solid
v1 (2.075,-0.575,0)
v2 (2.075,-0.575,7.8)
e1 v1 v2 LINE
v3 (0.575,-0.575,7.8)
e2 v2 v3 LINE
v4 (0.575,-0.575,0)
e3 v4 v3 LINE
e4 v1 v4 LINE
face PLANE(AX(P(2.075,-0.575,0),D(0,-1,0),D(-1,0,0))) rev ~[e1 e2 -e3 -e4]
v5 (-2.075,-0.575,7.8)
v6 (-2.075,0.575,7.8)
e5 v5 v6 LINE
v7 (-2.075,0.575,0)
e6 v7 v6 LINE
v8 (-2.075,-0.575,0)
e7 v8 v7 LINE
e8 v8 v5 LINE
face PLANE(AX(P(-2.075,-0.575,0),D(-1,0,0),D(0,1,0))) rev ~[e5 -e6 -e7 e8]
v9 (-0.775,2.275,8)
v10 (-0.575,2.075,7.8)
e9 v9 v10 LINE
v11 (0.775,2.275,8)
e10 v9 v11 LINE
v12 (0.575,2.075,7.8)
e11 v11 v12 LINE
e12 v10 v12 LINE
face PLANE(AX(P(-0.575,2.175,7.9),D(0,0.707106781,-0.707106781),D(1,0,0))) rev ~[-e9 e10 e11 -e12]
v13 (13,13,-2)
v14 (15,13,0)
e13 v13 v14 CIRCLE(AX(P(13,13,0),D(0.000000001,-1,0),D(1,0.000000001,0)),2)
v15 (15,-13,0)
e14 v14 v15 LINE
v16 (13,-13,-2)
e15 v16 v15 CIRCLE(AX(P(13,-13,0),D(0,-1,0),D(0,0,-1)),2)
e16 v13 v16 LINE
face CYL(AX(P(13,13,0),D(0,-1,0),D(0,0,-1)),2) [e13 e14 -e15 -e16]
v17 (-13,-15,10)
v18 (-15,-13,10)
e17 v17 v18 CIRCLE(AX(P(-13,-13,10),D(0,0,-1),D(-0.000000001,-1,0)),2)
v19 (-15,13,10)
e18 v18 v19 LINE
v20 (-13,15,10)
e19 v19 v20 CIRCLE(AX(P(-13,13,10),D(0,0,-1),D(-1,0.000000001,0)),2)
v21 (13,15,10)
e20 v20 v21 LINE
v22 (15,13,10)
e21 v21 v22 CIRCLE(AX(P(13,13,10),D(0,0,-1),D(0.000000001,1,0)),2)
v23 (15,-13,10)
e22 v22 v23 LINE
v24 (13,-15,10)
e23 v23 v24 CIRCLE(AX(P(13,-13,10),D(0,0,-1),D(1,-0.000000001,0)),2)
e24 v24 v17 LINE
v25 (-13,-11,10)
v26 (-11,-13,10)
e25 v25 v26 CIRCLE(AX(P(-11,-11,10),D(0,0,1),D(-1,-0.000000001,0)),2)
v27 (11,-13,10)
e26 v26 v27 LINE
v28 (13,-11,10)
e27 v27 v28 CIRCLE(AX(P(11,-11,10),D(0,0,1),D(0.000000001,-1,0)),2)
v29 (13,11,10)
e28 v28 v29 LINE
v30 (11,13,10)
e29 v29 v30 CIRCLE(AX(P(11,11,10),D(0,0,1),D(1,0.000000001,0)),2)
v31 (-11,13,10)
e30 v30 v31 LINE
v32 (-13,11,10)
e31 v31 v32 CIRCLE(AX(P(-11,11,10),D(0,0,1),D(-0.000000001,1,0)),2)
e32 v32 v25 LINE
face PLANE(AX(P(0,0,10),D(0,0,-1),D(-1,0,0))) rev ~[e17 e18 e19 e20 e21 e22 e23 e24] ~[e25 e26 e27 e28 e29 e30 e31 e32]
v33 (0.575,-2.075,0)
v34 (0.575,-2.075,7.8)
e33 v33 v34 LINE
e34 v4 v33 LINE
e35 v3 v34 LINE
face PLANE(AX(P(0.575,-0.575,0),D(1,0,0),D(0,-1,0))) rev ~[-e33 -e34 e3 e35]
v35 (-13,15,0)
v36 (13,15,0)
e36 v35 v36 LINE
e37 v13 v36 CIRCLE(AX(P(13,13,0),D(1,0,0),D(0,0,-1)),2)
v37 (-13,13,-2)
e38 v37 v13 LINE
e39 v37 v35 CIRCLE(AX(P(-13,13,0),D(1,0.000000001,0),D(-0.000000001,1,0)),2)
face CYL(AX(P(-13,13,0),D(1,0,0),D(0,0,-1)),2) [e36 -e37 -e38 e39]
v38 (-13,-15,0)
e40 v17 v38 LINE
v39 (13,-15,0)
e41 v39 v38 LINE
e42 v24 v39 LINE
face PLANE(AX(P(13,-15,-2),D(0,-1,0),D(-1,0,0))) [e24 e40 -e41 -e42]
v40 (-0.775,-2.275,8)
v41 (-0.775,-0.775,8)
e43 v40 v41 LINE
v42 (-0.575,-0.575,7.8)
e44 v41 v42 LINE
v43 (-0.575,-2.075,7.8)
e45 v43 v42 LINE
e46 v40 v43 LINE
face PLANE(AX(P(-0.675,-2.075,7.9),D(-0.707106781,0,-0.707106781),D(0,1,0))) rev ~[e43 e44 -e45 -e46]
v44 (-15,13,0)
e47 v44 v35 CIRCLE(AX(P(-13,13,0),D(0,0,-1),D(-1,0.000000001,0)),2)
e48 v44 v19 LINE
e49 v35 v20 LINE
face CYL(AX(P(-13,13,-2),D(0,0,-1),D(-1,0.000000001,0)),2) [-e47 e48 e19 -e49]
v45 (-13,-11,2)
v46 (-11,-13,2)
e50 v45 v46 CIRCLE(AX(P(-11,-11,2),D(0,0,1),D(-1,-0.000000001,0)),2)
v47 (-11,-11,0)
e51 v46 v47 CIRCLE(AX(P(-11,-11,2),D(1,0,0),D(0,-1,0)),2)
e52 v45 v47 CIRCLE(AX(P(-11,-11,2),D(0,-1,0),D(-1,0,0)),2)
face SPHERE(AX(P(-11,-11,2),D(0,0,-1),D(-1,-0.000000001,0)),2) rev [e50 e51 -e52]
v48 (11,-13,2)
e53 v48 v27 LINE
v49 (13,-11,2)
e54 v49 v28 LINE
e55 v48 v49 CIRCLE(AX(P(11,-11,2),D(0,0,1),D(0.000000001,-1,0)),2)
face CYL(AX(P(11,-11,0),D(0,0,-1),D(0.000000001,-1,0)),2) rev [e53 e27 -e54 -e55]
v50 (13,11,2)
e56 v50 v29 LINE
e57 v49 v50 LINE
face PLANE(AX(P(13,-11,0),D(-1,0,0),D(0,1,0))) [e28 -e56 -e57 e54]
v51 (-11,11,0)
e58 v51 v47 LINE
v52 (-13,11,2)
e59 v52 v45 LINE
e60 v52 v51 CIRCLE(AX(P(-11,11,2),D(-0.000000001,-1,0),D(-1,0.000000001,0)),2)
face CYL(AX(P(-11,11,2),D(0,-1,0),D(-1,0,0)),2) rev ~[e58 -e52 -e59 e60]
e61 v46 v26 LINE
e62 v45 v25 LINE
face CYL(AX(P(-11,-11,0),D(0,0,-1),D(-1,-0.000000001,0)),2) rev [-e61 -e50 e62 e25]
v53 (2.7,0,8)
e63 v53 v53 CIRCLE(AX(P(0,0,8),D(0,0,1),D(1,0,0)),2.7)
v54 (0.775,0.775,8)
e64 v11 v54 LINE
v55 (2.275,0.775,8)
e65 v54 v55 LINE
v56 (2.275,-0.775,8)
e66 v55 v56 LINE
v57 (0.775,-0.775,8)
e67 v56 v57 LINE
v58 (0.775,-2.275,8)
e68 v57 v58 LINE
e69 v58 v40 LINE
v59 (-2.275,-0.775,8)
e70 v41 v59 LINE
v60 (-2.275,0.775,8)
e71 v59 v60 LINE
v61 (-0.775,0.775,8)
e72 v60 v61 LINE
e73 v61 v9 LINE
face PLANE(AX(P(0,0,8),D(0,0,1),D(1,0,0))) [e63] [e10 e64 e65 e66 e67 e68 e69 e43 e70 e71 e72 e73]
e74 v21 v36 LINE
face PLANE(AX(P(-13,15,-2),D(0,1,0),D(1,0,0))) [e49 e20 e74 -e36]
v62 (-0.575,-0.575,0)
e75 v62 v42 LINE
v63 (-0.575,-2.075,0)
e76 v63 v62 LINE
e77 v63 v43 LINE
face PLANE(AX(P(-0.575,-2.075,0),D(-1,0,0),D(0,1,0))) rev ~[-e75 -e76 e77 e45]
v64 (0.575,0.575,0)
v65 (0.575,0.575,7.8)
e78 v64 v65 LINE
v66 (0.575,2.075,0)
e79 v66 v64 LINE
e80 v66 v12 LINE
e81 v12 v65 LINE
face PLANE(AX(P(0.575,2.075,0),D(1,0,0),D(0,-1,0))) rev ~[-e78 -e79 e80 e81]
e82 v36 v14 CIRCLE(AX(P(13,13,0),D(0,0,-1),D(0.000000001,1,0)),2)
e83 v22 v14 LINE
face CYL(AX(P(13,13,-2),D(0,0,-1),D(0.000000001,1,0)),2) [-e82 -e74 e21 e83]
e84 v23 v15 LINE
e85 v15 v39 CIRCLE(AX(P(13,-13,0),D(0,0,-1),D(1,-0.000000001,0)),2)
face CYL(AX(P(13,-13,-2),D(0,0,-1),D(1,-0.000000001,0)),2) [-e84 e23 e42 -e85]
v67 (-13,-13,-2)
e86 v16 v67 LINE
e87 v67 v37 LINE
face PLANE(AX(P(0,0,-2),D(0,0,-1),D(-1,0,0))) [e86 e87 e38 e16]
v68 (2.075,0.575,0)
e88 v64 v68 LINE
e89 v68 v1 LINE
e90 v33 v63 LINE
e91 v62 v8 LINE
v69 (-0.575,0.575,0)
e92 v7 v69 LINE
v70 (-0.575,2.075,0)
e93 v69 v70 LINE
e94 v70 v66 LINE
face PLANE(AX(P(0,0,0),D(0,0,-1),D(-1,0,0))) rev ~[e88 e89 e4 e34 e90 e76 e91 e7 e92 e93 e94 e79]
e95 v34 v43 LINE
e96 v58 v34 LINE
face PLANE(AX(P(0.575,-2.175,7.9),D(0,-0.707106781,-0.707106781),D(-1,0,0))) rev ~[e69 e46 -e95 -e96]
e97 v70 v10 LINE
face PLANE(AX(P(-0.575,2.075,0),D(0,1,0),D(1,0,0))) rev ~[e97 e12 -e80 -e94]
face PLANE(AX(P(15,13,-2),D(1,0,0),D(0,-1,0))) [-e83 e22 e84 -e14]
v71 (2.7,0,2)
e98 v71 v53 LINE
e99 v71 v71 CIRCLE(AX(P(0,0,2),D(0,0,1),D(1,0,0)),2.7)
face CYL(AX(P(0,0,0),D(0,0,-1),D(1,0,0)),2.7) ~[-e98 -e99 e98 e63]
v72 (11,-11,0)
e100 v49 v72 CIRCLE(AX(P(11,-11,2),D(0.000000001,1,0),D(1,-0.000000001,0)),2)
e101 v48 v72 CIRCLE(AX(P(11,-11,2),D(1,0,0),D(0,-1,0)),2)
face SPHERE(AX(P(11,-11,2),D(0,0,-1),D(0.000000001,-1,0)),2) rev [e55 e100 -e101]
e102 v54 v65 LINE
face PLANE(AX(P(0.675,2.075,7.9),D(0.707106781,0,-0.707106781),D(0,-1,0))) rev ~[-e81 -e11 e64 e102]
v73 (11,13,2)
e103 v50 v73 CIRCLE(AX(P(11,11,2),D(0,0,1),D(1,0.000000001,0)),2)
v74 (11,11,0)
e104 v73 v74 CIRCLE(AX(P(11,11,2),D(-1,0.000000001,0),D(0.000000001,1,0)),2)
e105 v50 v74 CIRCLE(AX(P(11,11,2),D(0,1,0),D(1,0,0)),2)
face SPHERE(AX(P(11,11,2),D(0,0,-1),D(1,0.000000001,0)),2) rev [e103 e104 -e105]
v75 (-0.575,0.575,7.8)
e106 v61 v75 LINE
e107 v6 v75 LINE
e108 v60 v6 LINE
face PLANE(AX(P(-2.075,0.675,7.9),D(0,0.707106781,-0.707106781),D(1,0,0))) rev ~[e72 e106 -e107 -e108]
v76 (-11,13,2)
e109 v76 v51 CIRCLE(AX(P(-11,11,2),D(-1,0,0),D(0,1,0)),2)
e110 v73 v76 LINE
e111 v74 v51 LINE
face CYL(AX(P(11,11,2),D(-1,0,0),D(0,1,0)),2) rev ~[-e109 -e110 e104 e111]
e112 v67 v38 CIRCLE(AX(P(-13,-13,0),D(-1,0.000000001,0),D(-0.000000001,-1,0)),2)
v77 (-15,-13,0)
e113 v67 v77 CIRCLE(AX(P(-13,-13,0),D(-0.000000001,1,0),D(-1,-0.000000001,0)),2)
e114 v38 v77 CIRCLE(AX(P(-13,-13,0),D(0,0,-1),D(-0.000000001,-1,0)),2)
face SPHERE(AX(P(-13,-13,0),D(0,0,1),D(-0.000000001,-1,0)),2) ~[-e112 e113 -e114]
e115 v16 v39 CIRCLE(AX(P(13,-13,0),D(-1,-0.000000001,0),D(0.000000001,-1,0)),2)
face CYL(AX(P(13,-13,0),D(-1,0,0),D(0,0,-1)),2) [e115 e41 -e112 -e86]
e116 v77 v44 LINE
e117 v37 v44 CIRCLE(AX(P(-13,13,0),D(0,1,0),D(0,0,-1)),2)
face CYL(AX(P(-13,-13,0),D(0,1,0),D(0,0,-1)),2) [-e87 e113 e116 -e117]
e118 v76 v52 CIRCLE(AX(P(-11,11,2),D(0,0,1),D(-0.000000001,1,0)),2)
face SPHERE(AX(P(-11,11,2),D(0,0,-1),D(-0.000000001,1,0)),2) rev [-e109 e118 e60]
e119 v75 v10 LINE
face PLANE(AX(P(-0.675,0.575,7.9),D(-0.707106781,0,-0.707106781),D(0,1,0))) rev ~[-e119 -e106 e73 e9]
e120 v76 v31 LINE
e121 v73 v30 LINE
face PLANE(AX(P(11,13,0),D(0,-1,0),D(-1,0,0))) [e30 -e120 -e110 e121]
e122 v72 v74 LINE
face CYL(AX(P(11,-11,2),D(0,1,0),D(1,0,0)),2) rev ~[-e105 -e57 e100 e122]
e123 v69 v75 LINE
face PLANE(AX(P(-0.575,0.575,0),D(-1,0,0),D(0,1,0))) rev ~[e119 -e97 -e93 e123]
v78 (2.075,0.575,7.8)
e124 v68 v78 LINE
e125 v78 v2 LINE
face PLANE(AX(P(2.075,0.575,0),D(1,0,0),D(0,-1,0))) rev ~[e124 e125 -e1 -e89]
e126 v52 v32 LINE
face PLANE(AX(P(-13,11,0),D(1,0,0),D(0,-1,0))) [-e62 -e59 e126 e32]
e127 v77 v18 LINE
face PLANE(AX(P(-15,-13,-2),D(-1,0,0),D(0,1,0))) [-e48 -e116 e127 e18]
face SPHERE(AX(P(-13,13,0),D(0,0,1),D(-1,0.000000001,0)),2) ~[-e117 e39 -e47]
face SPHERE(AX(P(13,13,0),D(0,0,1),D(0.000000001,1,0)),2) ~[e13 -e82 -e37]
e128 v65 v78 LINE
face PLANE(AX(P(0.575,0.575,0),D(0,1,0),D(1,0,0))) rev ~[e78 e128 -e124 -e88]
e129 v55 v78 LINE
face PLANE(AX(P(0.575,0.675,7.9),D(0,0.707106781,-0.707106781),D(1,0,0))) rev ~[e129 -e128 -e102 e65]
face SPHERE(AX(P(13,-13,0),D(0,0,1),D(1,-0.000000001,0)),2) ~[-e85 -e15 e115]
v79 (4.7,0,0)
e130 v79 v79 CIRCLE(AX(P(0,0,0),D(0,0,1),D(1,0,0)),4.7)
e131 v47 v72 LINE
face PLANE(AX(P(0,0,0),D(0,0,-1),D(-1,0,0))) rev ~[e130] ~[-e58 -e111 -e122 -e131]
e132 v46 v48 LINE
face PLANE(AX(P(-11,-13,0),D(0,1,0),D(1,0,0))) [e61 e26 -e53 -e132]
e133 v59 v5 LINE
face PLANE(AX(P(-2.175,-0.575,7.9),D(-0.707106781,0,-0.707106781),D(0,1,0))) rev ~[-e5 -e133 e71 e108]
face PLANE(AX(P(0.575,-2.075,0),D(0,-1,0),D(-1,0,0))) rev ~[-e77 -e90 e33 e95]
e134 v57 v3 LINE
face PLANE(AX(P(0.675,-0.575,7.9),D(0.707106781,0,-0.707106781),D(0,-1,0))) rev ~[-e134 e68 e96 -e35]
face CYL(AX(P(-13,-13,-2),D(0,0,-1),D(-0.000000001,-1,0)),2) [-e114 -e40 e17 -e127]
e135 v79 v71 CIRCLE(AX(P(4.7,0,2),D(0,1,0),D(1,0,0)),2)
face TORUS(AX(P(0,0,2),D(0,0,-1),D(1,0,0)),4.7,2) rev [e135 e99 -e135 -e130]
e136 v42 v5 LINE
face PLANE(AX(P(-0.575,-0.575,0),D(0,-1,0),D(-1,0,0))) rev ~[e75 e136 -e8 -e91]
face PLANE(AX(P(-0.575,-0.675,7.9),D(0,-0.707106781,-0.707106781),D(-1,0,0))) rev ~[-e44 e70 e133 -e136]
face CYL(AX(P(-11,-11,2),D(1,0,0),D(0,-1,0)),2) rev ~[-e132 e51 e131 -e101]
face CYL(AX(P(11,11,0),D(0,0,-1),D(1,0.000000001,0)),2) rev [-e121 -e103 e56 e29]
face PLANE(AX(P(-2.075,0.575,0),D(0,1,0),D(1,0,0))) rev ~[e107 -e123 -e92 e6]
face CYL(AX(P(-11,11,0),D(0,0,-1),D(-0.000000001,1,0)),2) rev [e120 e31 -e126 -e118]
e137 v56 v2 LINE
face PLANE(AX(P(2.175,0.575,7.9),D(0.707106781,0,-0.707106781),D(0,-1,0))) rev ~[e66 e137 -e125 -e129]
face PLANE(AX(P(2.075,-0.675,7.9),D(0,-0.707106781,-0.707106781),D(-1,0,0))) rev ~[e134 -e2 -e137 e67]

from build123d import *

# Parameters (mm, degrees)
EXTRUDE_1_DEPTH = 10
SKETCH_1_6_R    = 2.7
EXTRUDE_2_DEPTH = 8
EXTRUDE_START   = -2
EXTRUDE_3_DEPTH = 2
FILLET_1_R      = 2
FILLET_5_R      = 2
CHAMFER_1_SIZE  = 0.2


with BuildPart() as part:
    # 草图1 → 凸台-拉伸1 (new body)
    with BuildSketch(Plane.XY):
        with BuildLine():
            Line((13, 15), (-13, 15))
            ThreePointArc((-13, 15), (-14.414213562, 14.414213562), (-15, 13))
            Line((-15, 13), (-15, -13))
            ThreePointArc((-15, -13), (-14.414213562, -14.414213562), (-13, -15))
            Line((-13, -15), (13, -15))
            ThreePointArc((13, -15), (14.414213562, -14.414213562), (15, -13))
            Line((15, -13), (15, 13))
            ThreePointArc((15, 13), (14.414213562, 14.414213562), (13, 15))
        make_face()
        with BuildLine():
            ThreePointArc((-13, 11), (-12.414213562, 12.414213562), (-11, 13))
            Line((-11, 13), (11, 13))
            ThreePointArc((11, 13), (12.414213562, 12.414213562), (13, 11))
            Line((13, 11), (13, -11))
            ThreePointArc((13, -11), (12.414213562, -12.414213562), (11, -13))
            Line((11, -13), (-11, -13))
            ThreePointArc((-11, -13), (-12.414213562, -12.414213562), (-13, -11))
            Line((-13, -11), (-13, 11))
        make_face(mode=Mode.SUBTRACT)
    extrude(amount=EXTRUDE_1_DEPTH)



with BuildPart() as body_2:
    # 草图1<6> → 凸台-拉伸2 (new body)
    with BuildSketch(Plane.XY):
        Circle(SKETCH_1_6_R)
        Polygon((-2.075, -0.575), (-2.075, 0.575), (-0.575, 0.575), (-0.575, 2.075), (0.575, 2.075), (0.575, 0.575), (2.075, 0.575), (2.075, -0.575), (0.575, -0.575), (0.575, -2.075), (-0.575, -2.075), (-0.575, -0.575), align=None, mode=Mode.SUBTRACT)
    extrude(amount=EXTRUDE_2_DEPTH)


with BuildPart() as part_1:
    add(part.part)

    add(body_2.part)  # 凸台-拉伸3 merges body 2
    # 草图1<7> → 凸台-拉伸3 (add)
    with BuildSketch(Plane.XY.offset(EXTRUDE_START)):
        with BuildLine():
            Line((-13, 15), (13, 15))
            ThreePointArc((13, 15), (14.414213562, 14.414213562), (15, 13))
            Line((15, 13), (15, -13))
            ThreePointArc((15, -13), (14.414213562, -14.414213562), (13, -15))
            Line((13, -15), (-13, -15))
            ThreePointArc((-13, -15), (-14.414213562, -14.414213562), (-15, -13))
            Line((-15, -13), (-15, 13))
            ThreePointArc((-15, 13), (-14.414213562, 14.414213562), (-13, 15))
        make_face()
    extrude(amount=EXTRUDE_3_DEPTH)

    # 圆角1
    fillet_1_edges = [part_1.edges().sort_by_distance(p)[0] for p in [
        (-14.414213562, 14.414213562, -2),
        (-15, 0, -2),
        (-14.414213562, -14.414213562, -2),
        (0, -15, -2),
        (14.414213562, -14.414213562, -2),
        (15, 0, -2),
        (14.414213562, 14.414213562, -2),
        (0, 15, -2),
    ]]
    fillet(fillet_1_edges, radius=FILLET_1_R)

    # 圆角5
    fillet_5_edges = [part_1.edges().sort_by_distance(p)[0] for p in [
        (-12.414213562, 12.414213562, 0),
        (0, 13, 0),
        (12.414213562, 12.414213562, 0),
        (13, 0, 0),
        (12.414213562, -12.414213562, 0),
        (0, -13, 0),
        (-12.414213562, -12.414213562, 0),
        (-13, 0, 0),
        (-2.7, 0, 0),
    ]]
    fillet(fillet_5_edges, radius=FILLET_5_R)

    # 倒角1
    chamfer_1_edges = [part_1.edges().sort_by_distance(p)[0] for p in [
        (-0.575, 1.325, 8),
        (-1.325, 0.575, 8),
        (-2.075, 0, 8),
        (-1.325, -0.575, 8),
        (-0.575, -1.325, 8),
        (0, -2.075, 8),
        (0.575, -1.325, 8),
        (1.325, -0.575, 8),
        (2.075, 0, 8),
        (1.325, 0.575, 8),
        (0.575, 1.325, 8),
        (0, 2.075, 8),
    ]]
    chamfer(chamfer_1_edges, length=CHAMFER_1_SIZE)


solid = part_1.part
